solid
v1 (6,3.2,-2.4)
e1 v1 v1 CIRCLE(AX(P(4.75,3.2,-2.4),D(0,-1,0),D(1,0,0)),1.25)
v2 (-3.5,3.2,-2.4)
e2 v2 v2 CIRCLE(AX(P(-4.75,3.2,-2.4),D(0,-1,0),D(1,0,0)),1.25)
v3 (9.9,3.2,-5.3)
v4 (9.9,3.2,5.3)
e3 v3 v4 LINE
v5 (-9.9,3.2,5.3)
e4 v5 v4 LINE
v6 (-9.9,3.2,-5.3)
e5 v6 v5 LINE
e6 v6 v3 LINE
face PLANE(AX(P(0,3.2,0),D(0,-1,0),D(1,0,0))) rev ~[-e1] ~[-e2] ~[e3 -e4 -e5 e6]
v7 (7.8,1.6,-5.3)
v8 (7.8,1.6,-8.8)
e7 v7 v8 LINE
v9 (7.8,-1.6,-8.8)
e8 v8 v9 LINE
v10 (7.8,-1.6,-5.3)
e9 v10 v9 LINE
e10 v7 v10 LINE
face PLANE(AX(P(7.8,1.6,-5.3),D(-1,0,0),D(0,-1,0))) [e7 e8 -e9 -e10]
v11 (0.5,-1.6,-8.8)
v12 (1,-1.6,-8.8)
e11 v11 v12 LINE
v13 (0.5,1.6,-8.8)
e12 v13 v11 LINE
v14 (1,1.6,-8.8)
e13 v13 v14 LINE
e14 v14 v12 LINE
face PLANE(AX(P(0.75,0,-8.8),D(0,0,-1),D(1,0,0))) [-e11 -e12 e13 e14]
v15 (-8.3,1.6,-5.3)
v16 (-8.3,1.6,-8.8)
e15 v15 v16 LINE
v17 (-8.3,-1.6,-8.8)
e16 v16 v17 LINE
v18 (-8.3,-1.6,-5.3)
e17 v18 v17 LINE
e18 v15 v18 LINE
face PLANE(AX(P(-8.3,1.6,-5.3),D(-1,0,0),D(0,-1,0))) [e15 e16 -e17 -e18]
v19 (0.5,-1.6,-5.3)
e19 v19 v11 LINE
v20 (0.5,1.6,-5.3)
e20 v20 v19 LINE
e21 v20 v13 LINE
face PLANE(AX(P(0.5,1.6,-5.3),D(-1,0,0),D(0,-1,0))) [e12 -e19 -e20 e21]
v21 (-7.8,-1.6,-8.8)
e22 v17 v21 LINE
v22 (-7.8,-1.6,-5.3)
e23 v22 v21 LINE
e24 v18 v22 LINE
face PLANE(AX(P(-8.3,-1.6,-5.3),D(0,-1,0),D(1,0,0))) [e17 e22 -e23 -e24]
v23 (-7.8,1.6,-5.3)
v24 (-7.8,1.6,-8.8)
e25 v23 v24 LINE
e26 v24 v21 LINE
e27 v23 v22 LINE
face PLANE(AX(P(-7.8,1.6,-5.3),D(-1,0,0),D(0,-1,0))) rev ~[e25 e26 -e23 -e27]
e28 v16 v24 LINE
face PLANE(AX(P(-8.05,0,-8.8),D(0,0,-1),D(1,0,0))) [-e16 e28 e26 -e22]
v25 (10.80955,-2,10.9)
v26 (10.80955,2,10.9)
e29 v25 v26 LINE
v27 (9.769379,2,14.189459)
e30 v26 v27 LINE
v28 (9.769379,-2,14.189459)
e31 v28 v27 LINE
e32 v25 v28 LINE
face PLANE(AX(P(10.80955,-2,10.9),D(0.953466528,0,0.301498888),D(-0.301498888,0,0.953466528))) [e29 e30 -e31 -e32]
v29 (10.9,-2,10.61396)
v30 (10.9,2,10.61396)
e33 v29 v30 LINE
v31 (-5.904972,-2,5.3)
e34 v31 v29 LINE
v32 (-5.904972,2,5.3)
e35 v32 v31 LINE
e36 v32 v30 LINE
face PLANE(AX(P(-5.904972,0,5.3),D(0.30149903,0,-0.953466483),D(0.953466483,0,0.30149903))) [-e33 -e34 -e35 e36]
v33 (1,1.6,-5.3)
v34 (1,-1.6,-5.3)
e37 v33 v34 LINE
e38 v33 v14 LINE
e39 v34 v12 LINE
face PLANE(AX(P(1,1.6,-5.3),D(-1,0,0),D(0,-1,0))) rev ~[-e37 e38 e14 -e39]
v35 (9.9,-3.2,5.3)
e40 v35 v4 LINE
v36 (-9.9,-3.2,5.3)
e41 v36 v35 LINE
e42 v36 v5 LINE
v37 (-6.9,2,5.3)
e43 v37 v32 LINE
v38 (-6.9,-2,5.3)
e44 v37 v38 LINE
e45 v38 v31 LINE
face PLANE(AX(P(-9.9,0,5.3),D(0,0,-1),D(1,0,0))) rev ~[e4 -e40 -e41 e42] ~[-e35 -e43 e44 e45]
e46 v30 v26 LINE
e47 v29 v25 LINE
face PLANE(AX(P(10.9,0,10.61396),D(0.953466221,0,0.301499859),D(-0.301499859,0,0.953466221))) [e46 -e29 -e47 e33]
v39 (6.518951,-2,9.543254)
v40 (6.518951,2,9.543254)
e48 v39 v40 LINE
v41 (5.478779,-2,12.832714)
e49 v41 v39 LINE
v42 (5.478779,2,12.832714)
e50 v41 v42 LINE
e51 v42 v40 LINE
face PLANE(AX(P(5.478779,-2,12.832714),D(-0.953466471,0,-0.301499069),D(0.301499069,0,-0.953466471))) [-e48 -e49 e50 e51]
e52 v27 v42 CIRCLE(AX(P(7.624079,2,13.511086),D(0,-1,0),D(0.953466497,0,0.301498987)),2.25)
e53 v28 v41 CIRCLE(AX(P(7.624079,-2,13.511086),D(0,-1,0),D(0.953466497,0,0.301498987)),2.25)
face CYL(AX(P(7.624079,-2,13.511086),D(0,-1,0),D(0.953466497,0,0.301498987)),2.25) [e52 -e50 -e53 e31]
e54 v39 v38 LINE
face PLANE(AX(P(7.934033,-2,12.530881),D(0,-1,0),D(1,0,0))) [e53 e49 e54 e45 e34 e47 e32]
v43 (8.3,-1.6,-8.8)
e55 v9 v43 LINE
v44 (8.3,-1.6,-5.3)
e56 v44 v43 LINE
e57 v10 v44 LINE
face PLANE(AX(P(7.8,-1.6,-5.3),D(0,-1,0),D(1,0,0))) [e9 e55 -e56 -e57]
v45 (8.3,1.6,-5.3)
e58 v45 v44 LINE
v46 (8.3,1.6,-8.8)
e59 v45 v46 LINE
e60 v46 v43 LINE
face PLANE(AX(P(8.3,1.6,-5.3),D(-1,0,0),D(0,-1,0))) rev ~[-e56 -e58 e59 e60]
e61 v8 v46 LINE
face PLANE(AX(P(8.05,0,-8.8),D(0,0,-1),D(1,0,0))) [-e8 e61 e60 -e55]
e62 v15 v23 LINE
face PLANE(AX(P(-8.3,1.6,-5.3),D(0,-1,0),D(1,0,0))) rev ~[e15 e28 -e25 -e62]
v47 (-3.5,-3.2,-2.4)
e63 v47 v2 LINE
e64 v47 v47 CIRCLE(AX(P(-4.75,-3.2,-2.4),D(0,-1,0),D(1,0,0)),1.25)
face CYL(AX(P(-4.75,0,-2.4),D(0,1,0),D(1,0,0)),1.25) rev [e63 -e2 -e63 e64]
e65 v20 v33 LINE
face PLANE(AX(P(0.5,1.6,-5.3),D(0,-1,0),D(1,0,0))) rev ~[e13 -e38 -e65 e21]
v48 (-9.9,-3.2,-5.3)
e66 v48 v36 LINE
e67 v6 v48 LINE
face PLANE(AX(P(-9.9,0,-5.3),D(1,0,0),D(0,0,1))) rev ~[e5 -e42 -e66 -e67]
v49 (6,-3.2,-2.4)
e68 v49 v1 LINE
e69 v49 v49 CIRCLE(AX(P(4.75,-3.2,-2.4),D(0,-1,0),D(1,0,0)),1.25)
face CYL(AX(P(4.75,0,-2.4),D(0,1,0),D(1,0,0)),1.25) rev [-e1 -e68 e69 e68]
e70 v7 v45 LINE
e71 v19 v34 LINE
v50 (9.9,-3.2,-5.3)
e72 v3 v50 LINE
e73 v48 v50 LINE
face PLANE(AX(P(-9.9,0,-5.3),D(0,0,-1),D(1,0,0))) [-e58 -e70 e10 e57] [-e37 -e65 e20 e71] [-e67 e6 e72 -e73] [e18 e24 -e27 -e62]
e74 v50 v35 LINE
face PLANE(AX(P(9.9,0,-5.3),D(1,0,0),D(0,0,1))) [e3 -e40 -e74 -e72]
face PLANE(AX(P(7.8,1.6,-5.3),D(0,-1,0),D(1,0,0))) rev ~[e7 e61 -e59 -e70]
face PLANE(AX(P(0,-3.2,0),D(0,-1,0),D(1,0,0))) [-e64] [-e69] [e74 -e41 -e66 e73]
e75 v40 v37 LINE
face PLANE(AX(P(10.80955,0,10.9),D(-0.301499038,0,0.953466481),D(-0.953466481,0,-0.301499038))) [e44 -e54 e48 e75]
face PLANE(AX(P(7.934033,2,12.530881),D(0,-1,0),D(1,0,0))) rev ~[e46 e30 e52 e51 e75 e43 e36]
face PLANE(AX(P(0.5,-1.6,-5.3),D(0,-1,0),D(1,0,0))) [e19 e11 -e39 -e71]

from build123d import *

# Parameters (mm, degrees)
F0_W     = 19.8
F0_H     = 10.6
F0_R     = 1.25
F1_DEPTH = 3.2
F2_W     = 0.5
F2_H     = 3.2
F3_DEPTH = 3.5
F5_DEPTH = 2
F7_DEPTH = 4


with BuildPart() as f1:
    # F0 (on Front) → F1 (new body, symmetric)
    with BuildSketch(Plane.XZ):
        Rectangle(F0_W, F0_H)
        with Locations((-4.75, -2.4)):
            Circle(F0_R, mode=Mode.SUBTRACT)
        with Locations((4.75, -2.4)):
            Circle(F0_R, mode=Mode.SUBTRACT)
    extrude(amount=F1_DEPTH, both=True)

    # F2 (on face) → F3 (join)
    with BuildSketch(Plane(origin=(0, 0, -5.3), x_dir=(1, 0, 0), z_dir=(0, 0, -1))):
        with Locations((-8.05, 0)):
            Rectangle(F2_W, F2_H)
        with Locations((0.75, 0)):
            Rectangle(F2_W, F2_H)
        with Locations((8.05, 0)):
            Rectangle(F2_W, F2_H)
    extrude(amount=F3_DEPTH)

    # F4 (on Front) → F5 (join, symmetric)
    with BuildSketch(Plane.XZ):
        Polygon((10.80955, 10.9), (-6.9, 5.3), (-5.904972, 5.3), (10.9, 10.61396), align=None)
    extrude(amount=F5_DEPTH, both=True)

    # F6 (on face) → F7 (join, through all)
    with BuildSketch(Plane.XZ.offset(2)):
        with BuildLine():
            Line((6.518951, 9.543254), (10.80955, 10.9))
            Line((10.80955, 10.9), (9.769379, 14.189459))
            ThreePointArc((9.769379, 14.189459), (6.945706, 15.656386), (5.478779, 12.832714))
            Line((5.478779, 12.832714), (6.518951, 9.543254))
        make_face()
    extrude(amount=-F7_DEPTH)


solid = f1.part
